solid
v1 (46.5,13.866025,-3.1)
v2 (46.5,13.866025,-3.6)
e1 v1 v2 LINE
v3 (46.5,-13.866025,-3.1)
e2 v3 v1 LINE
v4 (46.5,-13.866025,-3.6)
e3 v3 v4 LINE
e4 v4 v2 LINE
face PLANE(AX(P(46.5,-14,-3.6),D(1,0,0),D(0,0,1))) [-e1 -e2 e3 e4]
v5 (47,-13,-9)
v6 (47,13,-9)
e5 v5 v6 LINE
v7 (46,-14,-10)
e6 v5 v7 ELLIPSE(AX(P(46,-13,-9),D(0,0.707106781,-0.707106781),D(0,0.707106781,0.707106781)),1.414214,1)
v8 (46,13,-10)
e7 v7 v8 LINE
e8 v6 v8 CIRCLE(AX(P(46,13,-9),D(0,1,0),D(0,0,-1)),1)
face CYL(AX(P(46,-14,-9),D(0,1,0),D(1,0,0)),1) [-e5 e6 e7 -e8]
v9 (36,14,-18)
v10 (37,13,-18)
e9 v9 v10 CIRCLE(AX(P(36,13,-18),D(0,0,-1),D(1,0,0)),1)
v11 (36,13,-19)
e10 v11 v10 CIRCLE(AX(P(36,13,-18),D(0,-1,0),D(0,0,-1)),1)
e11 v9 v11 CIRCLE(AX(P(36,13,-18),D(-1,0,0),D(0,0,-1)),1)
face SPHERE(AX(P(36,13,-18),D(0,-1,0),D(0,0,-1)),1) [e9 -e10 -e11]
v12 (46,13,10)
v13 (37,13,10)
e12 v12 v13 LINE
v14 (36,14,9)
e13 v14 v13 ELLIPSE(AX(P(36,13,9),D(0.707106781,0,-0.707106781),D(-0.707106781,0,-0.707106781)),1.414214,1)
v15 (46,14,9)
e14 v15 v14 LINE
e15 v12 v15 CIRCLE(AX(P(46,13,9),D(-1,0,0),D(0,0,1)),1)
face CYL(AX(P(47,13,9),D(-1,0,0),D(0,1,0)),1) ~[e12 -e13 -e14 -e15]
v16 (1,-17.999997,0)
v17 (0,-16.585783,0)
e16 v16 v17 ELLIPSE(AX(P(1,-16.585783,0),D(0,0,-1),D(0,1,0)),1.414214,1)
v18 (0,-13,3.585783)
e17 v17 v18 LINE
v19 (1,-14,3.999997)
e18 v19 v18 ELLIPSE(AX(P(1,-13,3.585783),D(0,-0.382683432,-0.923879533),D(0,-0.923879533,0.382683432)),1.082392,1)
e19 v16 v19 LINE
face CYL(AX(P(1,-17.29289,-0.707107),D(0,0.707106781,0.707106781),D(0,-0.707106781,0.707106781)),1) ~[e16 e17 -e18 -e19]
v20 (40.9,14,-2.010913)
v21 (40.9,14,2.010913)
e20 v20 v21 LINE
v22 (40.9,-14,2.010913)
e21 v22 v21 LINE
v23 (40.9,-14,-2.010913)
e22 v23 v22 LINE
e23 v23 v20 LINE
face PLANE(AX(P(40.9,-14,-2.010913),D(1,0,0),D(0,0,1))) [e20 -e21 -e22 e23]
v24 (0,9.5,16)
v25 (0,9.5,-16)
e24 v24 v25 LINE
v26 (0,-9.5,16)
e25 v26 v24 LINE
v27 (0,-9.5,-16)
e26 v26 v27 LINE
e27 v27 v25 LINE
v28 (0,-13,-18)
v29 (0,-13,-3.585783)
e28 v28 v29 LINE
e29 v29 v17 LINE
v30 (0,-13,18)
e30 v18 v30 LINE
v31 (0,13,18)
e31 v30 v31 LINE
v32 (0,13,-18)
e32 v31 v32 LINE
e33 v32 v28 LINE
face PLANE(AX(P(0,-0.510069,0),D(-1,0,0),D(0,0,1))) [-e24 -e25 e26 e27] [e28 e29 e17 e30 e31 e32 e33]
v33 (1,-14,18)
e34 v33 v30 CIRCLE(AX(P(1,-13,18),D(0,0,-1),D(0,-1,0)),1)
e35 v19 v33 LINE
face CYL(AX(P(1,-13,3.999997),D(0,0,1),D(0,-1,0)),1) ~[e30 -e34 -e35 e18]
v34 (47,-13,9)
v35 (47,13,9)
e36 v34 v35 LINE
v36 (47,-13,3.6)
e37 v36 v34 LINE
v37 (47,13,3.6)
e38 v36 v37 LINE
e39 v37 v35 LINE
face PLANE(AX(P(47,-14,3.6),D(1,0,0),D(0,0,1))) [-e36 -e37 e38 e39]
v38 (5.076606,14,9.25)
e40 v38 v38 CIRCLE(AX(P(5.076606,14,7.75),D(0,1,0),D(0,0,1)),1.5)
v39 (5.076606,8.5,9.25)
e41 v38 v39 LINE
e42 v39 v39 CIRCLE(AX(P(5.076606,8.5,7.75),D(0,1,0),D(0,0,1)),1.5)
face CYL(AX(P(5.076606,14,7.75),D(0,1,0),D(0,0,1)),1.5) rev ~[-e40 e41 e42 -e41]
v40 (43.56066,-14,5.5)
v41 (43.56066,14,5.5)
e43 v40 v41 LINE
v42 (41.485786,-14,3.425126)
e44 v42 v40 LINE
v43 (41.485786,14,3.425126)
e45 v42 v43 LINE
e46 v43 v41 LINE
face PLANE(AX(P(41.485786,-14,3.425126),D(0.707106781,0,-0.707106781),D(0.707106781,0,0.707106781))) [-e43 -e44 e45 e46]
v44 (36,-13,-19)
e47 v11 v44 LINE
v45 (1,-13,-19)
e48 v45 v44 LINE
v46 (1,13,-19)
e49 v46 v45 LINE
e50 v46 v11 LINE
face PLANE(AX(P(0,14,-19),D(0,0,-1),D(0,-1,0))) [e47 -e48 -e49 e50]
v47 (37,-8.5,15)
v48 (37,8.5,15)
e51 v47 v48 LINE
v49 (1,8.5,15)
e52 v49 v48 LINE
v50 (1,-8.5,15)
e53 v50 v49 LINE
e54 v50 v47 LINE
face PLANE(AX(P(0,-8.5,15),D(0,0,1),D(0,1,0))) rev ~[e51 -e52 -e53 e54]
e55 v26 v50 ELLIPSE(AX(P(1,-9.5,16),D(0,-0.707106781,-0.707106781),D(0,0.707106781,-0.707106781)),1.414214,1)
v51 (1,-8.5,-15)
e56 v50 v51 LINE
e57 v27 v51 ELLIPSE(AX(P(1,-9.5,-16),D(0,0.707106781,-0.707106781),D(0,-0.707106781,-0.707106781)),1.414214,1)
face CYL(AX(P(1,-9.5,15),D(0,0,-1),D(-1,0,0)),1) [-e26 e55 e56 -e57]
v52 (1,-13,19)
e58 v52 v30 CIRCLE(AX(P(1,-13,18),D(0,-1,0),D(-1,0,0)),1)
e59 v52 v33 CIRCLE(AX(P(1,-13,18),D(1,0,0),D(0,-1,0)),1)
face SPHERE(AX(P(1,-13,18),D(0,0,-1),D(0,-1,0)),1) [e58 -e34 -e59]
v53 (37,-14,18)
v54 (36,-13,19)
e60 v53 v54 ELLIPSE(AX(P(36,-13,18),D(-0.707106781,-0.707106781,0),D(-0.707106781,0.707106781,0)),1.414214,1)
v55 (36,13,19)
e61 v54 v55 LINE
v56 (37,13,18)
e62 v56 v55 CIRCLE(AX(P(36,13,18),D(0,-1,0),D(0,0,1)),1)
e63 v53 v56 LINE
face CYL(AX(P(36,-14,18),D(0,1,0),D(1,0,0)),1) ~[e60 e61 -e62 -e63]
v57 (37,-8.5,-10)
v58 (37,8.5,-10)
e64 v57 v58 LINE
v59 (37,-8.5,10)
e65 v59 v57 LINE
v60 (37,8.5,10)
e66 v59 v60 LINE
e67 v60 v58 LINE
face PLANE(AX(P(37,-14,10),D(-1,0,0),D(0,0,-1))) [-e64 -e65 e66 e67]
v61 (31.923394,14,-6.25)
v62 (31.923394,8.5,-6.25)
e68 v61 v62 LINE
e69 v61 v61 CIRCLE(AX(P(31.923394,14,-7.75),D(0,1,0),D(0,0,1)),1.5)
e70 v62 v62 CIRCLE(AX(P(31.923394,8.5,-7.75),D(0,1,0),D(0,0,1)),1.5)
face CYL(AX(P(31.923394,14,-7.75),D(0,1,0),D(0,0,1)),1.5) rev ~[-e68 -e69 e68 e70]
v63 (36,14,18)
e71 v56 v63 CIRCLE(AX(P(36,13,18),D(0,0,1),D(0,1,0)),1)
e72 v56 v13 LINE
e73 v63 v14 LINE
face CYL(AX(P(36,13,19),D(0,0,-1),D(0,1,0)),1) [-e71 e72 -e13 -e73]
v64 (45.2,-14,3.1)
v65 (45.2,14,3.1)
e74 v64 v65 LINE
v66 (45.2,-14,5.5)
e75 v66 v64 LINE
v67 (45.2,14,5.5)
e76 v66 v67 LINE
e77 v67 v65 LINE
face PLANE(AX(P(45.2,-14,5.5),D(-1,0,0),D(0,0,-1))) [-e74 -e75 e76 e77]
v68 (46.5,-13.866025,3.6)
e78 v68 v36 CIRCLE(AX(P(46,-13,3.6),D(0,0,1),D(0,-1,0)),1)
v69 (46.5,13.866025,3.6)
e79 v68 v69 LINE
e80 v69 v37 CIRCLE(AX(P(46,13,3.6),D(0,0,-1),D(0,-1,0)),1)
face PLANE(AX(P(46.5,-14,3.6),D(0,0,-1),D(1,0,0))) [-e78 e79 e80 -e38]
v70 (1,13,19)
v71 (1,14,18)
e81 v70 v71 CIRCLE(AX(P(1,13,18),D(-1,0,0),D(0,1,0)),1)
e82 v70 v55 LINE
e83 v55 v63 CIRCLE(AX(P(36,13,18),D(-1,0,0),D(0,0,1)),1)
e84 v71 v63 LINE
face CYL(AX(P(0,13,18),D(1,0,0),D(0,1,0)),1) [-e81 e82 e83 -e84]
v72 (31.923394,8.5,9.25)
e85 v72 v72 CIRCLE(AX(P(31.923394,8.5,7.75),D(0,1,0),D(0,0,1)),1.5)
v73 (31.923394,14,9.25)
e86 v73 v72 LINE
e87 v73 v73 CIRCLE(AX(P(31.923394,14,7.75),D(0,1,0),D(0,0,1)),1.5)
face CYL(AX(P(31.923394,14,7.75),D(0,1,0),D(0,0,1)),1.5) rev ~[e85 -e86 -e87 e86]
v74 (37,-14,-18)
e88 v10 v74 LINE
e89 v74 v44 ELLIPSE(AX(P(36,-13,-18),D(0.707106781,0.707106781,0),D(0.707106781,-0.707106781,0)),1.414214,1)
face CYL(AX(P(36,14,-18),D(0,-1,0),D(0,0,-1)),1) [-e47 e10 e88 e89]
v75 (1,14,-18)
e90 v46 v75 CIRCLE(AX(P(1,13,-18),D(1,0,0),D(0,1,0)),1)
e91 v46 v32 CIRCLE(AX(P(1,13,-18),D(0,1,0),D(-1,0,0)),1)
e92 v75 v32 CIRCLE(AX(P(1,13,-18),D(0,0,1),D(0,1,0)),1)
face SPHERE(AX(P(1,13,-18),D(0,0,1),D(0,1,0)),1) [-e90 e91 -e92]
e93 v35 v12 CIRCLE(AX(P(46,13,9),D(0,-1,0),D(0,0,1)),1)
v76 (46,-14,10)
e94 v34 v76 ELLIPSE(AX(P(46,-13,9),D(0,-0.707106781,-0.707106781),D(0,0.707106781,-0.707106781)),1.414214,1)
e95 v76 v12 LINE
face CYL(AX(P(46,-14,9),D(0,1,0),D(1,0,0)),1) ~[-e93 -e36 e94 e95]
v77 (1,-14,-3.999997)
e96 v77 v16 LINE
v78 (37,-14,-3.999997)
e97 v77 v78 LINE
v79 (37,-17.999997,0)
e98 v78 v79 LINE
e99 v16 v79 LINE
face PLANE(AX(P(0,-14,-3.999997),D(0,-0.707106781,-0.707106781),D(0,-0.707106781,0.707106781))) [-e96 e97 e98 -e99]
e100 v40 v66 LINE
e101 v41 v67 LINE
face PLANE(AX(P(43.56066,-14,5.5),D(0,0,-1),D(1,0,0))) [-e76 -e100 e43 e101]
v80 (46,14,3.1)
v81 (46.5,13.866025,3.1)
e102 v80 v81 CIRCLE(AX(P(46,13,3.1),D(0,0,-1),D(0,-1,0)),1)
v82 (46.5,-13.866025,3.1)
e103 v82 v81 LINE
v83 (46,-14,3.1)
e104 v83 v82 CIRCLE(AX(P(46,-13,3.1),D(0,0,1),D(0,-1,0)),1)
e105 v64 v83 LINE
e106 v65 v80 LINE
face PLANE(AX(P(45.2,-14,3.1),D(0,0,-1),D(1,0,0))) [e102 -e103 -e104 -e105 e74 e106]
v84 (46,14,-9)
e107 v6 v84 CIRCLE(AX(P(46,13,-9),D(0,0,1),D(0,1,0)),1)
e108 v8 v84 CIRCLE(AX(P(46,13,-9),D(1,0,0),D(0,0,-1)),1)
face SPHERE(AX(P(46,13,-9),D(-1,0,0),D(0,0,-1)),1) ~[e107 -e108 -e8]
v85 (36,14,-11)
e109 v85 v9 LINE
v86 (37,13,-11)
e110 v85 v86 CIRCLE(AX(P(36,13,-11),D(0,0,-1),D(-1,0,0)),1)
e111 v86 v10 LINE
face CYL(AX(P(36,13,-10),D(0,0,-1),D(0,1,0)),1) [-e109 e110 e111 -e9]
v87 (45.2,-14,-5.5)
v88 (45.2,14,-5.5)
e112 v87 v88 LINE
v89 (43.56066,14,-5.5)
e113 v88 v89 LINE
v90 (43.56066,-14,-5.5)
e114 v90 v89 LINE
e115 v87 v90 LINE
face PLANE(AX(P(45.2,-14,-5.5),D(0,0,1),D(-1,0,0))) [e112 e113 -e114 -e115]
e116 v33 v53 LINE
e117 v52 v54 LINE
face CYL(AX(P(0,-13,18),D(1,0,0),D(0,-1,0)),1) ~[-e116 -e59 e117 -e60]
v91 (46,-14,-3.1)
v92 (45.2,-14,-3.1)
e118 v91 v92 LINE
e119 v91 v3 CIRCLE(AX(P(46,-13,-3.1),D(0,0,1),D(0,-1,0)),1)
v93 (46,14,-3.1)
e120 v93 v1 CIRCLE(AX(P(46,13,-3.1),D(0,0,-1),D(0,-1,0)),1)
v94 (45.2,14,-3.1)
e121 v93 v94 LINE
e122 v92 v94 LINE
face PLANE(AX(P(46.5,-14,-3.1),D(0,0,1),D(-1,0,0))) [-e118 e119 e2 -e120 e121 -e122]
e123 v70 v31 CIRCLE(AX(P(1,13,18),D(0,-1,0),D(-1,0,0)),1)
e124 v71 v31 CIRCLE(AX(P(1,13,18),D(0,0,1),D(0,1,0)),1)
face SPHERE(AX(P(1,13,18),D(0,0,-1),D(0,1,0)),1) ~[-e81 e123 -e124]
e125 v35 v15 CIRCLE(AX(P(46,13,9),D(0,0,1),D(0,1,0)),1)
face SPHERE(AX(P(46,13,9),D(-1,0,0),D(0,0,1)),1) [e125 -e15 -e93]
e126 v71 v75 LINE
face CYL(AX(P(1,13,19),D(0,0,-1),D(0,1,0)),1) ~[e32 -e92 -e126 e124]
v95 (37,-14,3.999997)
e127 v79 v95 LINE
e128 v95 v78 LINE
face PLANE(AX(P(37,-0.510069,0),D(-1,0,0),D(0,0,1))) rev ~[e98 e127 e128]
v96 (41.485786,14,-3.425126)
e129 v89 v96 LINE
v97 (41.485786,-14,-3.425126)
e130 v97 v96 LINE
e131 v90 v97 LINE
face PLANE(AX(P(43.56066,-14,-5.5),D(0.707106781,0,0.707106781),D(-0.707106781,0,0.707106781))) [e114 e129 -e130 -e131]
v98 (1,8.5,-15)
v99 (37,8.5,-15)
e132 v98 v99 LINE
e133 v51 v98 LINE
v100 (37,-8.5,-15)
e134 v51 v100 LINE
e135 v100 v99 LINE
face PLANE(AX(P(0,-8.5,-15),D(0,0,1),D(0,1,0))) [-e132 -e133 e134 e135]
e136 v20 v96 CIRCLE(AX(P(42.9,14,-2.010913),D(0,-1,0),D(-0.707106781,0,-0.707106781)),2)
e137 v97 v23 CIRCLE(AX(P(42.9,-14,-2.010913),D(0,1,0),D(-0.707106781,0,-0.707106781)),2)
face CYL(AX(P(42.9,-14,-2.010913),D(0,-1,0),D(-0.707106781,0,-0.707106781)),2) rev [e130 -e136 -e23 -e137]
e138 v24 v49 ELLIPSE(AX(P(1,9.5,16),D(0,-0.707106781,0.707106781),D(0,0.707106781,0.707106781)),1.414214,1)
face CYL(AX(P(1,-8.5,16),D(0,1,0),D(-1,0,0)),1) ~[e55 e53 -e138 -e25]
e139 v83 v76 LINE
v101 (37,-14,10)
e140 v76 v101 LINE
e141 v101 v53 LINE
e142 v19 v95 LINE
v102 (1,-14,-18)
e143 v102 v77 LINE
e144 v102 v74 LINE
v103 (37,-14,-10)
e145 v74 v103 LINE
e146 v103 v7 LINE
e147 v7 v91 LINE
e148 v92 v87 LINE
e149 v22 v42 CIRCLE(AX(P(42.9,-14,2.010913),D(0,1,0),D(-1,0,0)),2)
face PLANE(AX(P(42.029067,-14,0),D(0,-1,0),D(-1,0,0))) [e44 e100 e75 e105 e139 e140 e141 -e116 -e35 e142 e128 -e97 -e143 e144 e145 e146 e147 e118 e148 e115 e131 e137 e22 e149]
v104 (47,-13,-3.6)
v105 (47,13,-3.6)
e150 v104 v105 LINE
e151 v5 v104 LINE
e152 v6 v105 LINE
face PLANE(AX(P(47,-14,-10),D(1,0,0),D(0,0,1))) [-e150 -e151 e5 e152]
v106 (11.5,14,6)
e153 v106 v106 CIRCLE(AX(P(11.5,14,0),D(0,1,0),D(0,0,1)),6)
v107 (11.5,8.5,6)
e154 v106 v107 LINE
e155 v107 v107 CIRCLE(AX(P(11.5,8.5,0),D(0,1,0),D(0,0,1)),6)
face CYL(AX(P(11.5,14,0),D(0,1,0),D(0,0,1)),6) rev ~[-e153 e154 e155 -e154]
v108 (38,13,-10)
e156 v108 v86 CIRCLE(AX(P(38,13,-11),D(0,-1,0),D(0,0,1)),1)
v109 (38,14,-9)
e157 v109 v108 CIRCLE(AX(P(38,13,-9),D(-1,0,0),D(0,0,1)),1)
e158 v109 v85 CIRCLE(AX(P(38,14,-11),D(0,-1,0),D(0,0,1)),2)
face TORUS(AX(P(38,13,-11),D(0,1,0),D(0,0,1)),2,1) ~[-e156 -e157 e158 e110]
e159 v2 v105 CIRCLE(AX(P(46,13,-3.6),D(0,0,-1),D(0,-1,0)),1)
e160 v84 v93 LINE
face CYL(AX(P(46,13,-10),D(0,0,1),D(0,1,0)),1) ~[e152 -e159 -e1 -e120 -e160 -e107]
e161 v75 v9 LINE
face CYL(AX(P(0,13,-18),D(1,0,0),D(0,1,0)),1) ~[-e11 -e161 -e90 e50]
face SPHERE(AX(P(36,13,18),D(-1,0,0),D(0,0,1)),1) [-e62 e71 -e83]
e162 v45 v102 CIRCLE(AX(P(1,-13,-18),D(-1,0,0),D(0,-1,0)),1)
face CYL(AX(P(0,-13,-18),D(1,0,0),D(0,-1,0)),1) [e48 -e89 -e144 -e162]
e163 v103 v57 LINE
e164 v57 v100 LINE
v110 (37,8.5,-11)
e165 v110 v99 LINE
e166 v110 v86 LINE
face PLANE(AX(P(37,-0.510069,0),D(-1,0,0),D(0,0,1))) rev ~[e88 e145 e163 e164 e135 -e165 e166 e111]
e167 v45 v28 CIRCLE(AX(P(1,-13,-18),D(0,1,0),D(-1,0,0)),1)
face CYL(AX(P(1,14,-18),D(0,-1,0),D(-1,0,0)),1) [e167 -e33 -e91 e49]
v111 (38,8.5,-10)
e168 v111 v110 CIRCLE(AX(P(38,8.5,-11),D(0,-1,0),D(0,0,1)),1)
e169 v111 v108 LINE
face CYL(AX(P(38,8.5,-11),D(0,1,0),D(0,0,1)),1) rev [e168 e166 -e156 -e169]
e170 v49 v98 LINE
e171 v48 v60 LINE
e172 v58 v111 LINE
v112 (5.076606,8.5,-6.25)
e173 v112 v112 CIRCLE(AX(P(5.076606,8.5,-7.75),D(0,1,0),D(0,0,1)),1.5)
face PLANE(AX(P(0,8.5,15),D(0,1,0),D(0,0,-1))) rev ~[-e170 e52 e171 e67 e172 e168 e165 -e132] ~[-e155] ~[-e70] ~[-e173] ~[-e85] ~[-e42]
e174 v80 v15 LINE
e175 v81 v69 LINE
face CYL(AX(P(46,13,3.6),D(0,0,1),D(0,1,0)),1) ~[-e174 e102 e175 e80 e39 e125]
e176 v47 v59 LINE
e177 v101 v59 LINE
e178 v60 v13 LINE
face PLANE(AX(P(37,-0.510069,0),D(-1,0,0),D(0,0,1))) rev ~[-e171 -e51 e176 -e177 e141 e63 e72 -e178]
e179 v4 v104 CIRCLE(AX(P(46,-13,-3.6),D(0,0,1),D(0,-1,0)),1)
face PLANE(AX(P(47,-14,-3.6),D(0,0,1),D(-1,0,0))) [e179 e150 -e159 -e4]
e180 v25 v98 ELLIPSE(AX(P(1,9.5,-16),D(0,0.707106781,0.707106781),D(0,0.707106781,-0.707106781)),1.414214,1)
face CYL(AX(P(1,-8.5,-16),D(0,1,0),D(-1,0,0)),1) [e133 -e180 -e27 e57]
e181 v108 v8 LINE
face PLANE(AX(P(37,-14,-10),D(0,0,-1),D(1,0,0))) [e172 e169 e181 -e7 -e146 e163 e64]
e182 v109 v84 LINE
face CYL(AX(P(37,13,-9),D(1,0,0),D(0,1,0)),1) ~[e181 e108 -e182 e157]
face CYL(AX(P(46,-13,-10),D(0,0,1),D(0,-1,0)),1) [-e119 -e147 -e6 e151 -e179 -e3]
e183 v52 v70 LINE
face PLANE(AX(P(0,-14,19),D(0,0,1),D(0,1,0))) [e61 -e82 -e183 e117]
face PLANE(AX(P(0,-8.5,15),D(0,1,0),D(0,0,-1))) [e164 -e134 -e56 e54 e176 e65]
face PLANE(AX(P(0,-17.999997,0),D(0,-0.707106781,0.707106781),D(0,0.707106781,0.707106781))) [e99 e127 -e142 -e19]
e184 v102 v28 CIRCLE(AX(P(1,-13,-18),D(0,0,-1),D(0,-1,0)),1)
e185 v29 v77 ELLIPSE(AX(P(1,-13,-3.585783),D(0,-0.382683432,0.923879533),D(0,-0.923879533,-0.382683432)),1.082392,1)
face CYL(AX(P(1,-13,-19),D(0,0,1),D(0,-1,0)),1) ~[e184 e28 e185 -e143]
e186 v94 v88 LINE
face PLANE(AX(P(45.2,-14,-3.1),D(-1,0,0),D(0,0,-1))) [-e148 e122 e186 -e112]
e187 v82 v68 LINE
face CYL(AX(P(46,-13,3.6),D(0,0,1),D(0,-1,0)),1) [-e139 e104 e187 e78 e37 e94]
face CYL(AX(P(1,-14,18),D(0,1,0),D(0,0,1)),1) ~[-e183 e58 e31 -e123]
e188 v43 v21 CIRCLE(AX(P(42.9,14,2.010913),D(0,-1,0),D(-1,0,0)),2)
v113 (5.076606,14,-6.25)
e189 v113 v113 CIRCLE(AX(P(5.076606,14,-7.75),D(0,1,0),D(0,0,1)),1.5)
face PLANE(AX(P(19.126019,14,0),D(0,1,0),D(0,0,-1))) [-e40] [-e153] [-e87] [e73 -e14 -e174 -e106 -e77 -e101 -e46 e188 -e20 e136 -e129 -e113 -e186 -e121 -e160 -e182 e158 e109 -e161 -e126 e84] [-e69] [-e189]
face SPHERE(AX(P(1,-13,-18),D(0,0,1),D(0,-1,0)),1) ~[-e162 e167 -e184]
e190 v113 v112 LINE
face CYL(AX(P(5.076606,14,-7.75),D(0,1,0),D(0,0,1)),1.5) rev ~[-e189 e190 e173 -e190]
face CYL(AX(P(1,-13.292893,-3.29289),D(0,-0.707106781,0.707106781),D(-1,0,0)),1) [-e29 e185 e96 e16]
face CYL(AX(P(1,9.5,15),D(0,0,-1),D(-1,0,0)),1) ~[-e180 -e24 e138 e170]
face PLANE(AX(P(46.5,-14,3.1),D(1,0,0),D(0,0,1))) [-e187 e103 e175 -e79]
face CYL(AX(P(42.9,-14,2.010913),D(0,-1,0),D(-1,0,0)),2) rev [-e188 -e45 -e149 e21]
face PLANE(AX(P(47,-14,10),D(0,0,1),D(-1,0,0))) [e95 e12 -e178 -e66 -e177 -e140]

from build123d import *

# Parameters (mm, degrees)
SKETCH2_W           = 30
SKETCH2_H           = 17
BOSS_EXTRUDE1_DEPTH = 37
SKETCH3_R           = 6
CUT_EXTRUDE1_DEPTH  = 5.5
CUT_EXTRUDE3_REACH  = 54.479
SKETCH4_R           = 1.5
BOSS_EXTRUDE2_REACH = 52.14
FILLET1_R           = 1


with BuildPart() as part:
    # Sketch2 → Boss-Extrude1 (new body)
    with BuildSketch(Plane(origin=(0, 0, 0), x_dir=(0, 0, -1), z_dir=(1, 0, 0))):
        Polygon((19, -14), (3.999996995, -14), (0, -17.999996995), (-3.999996995, -14), (-19, -14), (-19, 14), (19, 14), align=None)
        Rectangle(SKETCH2_W, SKETCH2_H, mode=Mode.SUBTRACT)
    extrude(amount=BOSS_EXTRUDE1_DEPTH)

    # Sketch3 → Cut-Extrude1 (cut)
    with BuildSketch(Plane(origin=(0, 14, 0), x_dir=(1, 0, 0), z_dir=(0, 1, 0))):
        with Locations(Location((11.5, 0, 0), (0, 0, 270))):
            Circle(SKETCH3_R)
    extrude(amount=-CUT_EXTRUDE1_DEPTH, mode=Mode.SUBTRACT)

    # Sketch4 → Cut-Extrude3 (cut, up to next)
    with BuildSketch(Plane(origin=(0, 14, 0), x_dir=(1, 0, 0), z_dir=(0, 1, 0)), mode=Mode.PRIVATE) as cut_extrude3_sk1:
        with Locations(Location((5.076606241, 7.75, 0), (0, 0, 270))):
            Circle(SKETCH4_R)
    cut_extrude3_tool1 = extrude(cut_extrude3_sk1.sketch, amount=-CUT_EXTRUDE3_REACH, mode=Mode.PRIVATE) & part.part
    # Sketch4 → Cut-Extrude3 (cut, up to next)
    with BuildSketch(Plane(origin=(0, 14, 0), x_dir=(1, 0, 0), z_dir=(0, 1, 0)), mode=Mode.PRIVATE) as cut_extrude3_sk2:
        with Locations(Location((31.923393759, 7.75, 0), (0, 0, 270))):
            Circle(SKETCH4_R)
    cut_extrude3_tool2 = extrude(cut_extrude3_sk2.sketch, amount=-CUT_EXTRUDE3_REACH, mode=Mode.PRIVATE) & part.part
    # Sketch4 → Cut-Extrude3 (cut, up to next)
    with BuildSketch(Plane(origin=(0, 14, 0), x_dir=(1, 0, 0), z_dir=(0, 1, 0)), mode=Mode.PRIVATE) as cut_extrude3_sk3:
        with Locations(Location((31.923393759, -7.75, 0), (0, 0, 270))):
            Circle(SKETCH4_R)
    cut_extrude3_tool3 = extrude(cut_extrude3_sk3.sketch, amount=-CUT_EXTRUDE3_REACH, mode=Mode.PRIVATE) & part.part
    # Sketch4 → Cut-Extrude3 (cut, up to next)
    with BuildSketch(Plane(origin=(0, 14, 0), x_dir=(1, 0, 0), z_dir=(0, 1, 0)), mode=Mode.PRIVATE) as cut_extrude3_sk4:
        with Locations(Location((5.076606241, -7.75, 0), (0, 0, 270))):
            Circle(SKETCH4_R)
    cut_extrude3_tool4 = extrude(cut_extrude3_sk4.sketch, amount=-CUT_EXTRUDE3_REACH, mode=Mode.PRIVATE) & part.part
    add(cut_extrude3_tool1.solids().sort_by_distance((5.076606, 14, -7.75))[0], mode=Mode.SUBTRACT)
    add(cut_extrude3_tool2.solids().sort_by_distance((31.923394, 14, -7.75))[0], mode=Mode.SUBTRACT)
    add(cut_extrude3_tool3.solids().sort_by_distance((31.923394, 14, 7.75))[0], mode=Mode.SUBTRACT)
    add(cut_extrude3_tool4.solids().sort_by_distance((5.076606, 14, 7.75))[0], mode=Mode.SUBTRACT)

    # Boss-Extrude2: up to this face of the body (flat: up to its plane)
    boss_extrude2_end = Plane(part.part.faces().sort_by_distance((19.126018989, 14, 0))[0])
    # Sketch6 → Boss-Extrude2 (add, up to the picked face)
    with BuildSketch(Plane(origin=(0, -14, 0), x_dir=(1, 0, 0), z_dir=(0, 1, 0)), mode=Mode.PRIVATE) as boss_extrude2_sk1:
        with BuildLine():
            Line((47, 3.6), (46.5, 3.6))
            Line((46.5, 3.6), (46.5, 3.1))
            Line((46.5, 3.1), (45.2, 3.1))
            Line((45.2, 3.1), (45.2, 5.5))
            Line((45.2, 5.5), (43.560660172, 5.5))
            Line((43.560660172, 5.5), (41.485786438, 3.425126266))
            ThreePointArc((41.485786438, 3.425126266), (41.052240935, 2.776279568), (40.9, 2.010912703))
            Line((40.9, 2.010912703), (40.9, -2.010912703))
            ThreePointArc((40.9, -2.010912703), (41.052240935, -2.776279568), (41.485786438, -3.425126266))
            Line((41.485786438, -3.425126266), (43.560660172, -5.5))
            Line((43.560660172, -5.5), (45.2, -5.5))
            Line((45.2, -5.5), (45.2, -3.1))
            Line((45.2, -3.1), (46.5, -3.1))
            Line((46.5, -3.1), (46.5, -3.6))
            Line((46.5, -3.6), (47, -3.6))
            Line((47, -3.6), (47, -10))
            Line((47, -10), (37, -10))
            Line((37, -10), (37, 10))
            Line((37, 10), (47, 10))
            Line((47, 10), (47, 3.6))
        make_face()
    boss_extrude2_tool1 = split(extrude(boss_extrude2_sk1.sketch, amount=BOSS_EXTRUDE2_REACH, mode=Mode.PRIVATE), bisect_by=boss_extrude2_end, keep=Keep.BOTH, mode=Mode.PRIVATE)
    add(boss_extrude2_tool1.solids().sort_by(Axis((46.75, -14, -3.823607), (0, 1, 0)))[0])

    # Fillet1
    fillet1_edges = [part.edges().sort_by_distance(p)[0] for p in [
        (42, 14, -10),
        (0, -8.5, 0),
        (0, 0, 15),
        (0, 8.5, 0),
        (0, 0, -15),
        (0, -14, 11.499998498),
        (0, -15.999998498, 1.999998498),
        (0, -15.999998498, -1.999998498),
        (0, -14, -11.499998498),
        (0, 14, 0),
        (18.5, -14, -19),
        (37, 0, -19),
        (18.5, 14, -19),
        (0, 0, -19),
        (18.5, 14, 19),
        (37, 0, 19),
        (18.5, -14, 19),
        (0, 0, 19),
        (37, 14, -14.5),
        (37, 11.25, -10),
        (42, 14, 10),
        (37, 14, 14.5),
        (47, 0, -10),
        (47, 0, 10),
        (47, 14, 6.8),
        (47, -14, 6.8),
        (47, 14, -6.8),
        (47, -14, -6.8),
    ]]
    fillet(fillet1_edges, radius=FILLET1_R)


solid = part.part
